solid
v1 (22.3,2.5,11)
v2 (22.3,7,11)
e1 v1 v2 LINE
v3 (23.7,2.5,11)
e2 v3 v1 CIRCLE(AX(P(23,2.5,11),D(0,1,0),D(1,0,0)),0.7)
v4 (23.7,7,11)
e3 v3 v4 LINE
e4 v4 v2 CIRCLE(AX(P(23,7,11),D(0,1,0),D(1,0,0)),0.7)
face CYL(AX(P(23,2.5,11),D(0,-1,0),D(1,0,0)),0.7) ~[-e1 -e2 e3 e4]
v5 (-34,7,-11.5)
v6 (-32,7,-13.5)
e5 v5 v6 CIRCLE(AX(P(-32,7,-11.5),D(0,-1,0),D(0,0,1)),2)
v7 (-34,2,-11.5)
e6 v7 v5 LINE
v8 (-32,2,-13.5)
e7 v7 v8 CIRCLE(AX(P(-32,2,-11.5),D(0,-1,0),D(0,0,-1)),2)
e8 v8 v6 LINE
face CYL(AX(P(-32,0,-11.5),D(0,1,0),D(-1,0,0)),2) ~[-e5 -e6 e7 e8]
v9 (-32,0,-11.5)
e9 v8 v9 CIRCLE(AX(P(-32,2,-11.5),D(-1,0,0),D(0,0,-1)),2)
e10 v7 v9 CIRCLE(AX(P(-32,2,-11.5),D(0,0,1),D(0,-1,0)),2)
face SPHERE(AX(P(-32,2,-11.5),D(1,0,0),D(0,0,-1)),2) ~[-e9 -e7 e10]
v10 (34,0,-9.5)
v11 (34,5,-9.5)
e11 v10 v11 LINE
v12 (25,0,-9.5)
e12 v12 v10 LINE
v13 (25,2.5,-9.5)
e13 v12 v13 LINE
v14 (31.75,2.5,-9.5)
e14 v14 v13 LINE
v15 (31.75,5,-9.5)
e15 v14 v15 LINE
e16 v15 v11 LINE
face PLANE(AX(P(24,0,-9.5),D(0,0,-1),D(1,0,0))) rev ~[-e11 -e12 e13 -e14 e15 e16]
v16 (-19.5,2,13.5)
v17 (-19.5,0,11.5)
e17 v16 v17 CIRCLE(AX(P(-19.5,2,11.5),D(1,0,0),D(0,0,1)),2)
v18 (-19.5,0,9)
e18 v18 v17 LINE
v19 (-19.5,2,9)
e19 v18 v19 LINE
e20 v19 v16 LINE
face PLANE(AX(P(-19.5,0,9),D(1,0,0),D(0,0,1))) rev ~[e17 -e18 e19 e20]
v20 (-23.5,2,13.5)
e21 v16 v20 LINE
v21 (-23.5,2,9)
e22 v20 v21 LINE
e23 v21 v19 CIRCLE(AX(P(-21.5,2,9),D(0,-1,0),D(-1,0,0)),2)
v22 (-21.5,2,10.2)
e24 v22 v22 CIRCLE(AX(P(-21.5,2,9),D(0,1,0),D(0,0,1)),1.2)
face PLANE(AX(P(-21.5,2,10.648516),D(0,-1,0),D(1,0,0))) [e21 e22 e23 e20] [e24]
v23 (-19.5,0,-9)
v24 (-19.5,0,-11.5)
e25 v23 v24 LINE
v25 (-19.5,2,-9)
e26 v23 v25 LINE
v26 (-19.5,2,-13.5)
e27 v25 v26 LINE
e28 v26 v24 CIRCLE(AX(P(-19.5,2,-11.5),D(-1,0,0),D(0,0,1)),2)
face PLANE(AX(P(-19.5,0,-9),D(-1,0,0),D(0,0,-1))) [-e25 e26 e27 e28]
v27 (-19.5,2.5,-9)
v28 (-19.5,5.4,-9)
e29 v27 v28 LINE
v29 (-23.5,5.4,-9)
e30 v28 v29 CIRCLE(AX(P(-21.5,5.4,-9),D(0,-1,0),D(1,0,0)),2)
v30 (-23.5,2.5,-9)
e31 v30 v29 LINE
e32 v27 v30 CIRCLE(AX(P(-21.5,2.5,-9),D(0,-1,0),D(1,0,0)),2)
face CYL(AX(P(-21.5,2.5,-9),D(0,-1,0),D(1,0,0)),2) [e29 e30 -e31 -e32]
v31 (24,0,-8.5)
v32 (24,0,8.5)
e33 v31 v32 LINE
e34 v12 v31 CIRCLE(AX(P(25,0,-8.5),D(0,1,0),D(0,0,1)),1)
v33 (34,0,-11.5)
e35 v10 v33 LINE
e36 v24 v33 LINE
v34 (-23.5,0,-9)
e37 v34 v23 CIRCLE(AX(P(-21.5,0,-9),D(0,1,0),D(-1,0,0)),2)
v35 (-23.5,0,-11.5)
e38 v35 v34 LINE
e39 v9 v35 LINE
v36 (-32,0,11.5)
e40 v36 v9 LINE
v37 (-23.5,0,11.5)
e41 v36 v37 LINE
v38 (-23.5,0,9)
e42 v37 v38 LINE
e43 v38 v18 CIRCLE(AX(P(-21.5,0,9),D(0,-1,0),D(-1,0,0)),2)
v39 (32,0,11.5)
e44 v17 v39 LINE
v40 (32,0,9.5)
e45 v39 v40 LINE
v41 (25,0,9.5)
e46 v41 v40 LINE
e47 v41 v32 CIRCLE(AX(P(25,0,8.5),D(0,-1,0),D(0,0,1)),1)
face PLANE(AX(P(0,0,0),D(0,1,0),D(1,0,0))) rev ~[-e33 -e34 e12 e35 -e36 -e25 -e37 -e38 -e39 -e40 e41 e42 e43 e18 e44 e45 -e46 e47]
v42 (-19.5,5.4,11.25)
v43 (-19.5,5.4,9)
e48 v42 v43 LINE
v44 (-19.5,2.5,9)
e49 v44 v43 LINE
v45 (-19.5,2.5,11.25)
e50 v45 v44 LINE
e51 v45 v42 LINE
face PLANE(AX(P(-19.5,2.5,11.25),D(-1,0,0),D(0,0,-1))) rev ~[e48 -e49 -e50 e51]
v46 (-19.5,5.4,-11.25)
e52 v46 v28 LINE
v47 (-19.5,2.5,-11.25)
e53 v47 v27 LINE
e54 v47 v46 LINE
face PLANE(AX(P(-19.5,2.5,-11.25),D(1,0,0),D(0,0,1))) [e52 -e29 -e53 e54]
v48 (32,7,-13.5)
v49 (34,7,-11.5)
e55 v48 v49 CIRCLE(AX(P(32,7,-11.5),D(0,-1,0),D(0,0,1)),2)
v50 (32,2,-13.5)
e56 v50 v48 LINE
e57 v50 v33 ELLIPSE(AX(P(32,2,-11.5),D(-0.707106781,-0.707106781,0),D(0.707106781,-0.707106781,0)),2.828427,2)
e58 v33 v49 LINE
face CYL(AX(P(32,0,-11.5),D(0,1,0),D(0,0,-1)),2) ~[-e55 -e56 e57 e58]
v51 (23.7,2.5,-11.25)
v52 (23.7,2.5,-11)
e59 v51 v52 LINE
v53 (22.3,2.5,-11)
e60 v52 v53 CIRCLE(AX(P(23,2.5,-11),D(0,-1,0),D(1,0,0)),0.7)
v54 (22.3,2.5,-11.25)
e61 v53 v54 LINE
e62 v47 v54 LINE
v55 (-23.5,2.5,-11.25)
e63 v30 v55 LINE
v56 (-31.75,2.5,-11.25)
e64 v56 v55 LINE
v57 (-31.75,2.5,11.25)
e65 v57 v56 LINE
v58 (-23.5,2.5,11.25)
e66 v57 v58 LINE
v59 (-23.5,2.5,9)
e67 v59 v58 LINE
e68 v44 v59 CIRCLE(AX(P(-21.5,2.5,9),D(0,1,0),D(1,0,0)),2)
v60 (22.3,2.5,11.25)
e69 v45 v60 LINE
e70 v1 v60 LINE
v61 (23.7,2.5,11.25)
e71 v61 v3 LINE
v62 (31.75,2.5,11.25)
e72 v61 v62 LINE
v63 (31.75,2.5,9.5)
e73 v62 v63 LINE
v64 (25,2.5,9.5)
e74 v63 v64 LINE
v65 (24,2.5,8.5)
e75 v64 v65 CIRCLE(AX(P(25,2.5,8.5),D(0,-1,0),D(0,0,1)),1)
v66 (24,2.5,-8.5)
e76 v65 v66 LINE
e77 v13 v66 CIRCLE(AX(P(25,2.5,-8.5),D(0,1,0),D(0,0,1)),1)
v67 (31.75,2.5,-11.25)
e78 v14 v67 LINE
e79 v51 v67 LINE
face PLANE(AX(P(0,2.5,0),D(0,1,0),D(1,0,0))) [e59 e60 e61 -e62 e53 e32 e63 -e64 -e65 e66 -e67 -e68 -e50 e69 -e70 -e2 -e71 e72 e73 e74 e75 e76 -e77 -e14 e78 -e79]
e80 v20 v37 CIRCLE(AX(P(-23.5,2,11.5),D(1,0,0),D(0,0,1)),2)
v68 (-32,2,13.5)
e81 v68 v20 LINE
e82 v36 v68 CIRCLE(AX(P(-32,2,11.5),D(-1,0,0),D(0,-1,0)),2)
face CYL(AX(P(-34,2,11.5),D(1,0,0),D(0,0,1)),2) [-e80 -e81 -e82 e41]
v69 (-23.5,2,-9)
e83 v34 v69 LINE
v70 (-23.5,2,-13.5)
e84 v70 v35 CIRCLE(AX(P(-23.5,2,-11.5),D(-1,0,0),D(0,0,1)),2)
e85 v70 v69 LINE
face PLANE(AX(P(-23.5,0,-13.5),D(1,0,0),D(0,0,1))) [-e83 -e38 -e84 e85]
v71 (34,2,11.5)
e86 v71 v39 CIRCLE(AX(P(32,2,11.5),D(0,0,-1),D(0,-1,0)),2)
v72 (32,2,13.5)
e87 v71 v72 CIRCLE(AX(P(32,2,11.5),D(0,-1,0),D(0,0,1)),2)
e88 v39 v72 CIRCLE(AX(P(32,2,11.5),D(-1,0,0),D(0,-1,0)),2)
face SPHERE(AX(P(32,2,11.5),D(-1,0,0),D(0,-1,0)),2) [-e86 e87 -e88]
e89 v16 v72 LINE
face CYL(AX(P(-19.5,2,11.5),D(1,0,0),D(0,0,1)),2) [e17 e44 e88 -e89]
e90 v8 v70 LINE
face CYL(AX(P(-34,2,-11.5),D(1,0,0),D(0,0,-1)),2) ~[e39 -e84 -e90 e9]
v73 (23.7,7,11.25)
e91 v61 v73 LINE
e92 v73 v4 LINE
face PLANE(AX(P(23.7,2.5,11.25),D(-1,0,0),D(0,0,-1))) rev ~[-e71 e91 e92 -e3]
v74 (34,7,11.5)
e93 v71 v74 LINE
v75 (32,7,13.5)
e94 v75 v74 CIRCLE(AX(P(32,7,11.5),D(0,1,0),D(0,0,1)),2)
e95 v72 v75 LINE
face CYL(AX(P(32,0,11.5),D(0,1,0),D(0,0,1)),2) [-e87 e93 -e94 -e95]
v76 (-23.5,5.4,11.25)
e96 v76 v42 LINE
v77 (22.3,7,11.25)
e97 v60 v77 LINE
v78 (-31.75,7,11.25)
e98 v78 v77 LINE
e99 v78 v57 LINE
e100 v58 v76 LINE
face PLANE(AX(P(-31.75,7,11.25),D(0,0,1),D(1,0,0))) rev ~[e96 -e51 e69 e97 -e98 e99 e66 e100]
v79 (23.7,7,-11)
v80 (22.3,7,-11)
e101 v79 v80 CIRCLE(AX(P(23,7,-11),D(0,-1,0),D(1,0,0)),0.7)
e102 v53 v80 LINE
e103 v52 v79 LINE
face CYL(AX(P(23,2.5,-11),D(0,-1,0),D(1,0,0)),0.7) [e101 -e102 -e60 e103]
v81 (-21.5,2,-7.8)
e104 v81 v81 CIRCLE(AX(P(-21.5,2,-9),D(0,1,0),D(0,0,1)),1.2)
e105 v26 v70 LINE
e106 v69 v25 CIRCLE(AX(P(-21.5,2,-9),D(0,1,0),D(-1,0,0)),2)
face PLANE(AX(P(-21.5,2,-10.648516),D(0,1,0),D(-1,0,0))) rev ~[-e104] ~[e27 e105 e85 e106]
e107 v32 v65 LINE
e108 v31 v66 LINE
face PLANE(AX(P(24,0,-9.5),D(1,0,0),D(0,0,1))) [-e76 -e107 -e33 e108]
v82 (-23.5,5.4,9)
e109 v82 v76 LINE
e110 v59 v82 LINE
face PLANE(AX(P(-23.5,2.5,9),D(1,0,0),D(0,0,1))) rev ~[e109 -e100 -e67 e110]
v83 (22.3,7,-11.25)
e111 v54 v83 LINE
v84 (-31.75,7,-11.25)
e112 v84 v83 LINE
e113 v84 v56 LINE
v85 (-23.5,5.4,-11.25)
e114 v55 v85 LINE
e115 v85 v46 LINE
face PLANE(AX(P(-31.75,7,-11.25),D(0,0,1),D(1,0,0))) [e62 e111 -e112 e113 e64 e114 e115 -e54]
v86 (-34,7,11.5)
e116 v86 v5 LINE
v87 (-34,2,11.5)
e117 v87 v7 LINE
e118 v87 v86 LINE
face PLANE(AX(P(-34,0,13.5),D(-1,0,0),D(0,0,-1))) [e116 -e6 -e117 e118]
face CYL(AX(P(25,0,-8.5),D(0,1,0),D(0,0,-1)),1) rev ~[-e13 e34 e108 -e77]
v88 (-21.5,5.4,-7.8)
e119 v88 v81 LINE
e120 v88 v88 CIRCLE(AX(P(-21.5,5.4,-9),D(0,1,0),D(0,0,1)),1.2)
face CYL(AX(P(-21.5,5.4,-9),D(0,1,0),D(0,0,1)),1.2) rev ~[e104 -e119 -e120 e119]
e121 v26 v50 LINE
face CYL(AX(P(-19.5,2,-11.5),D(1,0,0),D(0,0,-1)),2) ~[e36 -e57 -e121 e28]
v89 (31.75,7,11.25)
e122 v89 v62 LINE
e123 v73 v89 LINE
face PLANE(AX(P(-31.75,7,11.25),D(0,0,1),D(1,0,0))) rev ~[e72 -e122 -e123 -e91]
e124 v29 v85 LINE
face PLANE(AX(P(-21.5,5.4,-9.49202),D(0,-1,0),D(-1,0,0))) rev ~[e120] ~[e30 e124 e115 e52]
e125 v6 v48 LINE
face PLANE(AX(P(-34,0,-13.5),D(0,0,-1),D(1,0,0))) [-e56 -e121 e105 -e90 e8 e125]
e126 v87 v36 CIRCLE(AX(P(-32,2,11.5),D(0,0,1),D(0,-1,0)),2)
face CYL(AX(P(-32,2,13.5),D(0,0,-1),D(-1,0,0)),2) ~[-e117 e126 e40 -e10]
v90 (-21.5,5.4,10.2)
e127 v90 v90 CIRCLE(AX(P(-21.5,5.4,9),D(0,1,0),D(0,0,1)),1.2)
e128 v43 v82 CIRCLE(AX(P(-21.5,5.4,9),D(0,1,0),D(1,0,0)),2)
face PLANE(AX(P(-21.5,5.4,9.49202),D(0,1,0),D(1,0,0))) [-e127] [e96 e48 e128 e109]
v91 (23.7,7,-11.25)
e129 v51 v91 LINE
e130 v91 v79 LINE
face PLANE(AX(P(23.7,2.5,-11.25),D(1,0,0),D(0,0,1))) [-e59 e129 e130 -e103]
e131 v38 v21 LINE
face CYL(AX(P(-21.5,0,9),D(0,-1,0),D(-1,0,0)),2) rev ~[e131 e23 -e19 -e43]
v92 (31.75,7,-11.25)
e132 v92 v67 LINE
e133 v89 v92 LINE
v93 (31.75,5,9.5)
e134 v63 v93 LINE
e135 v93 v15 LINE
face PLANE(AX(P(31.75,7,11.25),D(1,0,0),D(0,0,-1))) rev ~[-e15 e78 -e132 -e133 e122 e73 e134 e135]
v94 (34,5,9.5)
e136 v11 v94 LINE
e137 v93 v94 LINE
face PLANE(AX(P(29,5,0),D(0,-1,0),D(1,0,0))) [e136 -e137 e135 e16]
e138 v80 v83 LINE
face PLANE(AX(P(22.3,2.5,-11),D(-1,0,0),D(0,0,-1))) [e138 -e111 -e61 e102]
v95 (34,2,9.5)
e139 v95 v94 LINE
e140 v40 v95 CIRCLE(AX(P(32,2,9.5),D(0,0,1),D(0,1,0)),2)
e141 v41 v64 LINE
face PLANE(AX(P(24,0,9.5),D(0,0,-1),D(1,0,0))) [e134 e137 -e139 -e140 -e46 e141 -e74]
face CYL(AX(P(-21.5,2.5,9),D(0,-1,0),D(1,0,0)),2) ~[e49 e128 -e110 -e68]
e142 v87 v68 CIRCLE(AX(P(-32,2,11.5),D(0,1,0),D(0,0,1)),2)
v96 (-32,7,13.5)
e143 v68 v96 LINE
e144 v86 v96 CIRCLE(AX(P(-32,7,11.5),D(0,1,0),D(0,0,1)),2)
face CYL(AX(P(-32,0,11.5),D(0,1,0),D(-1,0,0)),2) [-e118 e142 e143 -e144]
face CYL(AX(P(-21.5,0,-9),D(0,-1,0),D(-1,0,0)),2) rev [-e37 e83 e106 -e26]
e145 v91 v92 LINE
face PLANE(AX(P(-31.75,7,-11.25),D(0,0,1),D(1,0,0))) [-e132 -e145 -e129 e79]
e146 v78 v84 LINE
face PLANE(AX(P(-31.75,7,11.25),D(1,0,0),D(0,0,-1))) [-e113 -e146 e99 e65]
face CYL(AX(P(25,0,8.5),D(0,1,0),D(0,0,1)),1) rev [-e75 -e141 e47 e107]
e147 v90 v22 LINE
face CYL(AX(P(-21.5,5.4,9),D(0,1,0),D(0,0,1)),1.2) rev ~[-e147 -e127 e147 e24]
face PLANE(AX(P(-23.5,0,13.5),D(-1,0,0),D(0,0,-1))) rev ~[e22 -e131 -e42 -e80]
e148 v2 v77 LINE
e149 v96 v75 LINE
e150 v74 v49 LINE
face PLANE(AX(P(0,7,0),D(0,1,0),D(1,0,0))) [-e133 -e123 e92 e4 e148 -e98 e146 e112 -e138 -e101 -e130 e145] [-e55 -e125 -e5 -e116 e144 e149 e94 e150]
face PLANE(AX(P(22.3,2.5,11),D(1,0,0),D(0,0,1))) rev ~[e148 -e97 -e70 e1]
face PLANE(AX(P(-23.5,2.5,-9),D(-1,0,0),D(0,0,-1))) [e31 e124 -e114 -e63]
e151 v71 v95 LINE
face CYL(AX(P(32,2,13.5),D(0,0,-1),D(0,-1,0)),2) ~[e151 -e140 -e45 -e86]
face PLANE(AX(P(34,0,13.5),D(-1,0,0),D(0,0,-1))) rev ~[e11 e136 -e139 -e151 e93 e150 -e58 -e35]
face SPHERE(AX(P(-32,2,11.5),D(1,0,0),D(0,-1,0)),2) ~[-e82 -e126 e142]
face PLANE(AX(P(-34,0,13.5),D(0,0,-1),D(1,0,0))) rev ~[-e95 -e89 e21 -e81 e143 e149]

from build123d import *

# Parameters (mm, degrees)
SKETCH_1_W          = 68
SKETCH_1_H          = 27
EXTRUDE_1_DEPTH     = 7
SKETCH_2_W          = 63.5
SKETCH_2_H          = 22.5
CUT_EXTRUDE_1_DEPTH = 4.5
EXTRUDE_2_DEPTH     = 2.9
EXTRUDE_3_DEPTH     = 4.5
SKETCH_5_R          = 1.2
CUT_EXTRUDE_2_DEPTH = 37.978507271
CUT_EXTRUDE_3_DEPTH = 2
SKETCH_7_W          = 10
SKETCH_7_H          = 19
CUT_EXTRUDE_4_DEPTH = 5
FILLET_1_R          = 2
FILLET_2_R          = 1


with BuildPart() as part:
    # Эскиз1 → Бобышка-Вытянуть1 (new body)
    with BuildSketch(Plane(origin=(0, 0, 0), x_dir=(1, 0, 0), z_dir=(0, 1, 0))):
        Rectangle(SKETCH_1_W, SKETCH_1_H)
    extrude(amount=EXTRUDE_1_DEPTH)

    # Эскиз2 → Вырез-Вытянуть1 (cut)
    with BuildSketch(Plane(origin=(0, 7, 0), x_dir=(1, 0, 0), z_dir=(0, 1, 0))):
        Rectangle(SKETCH_2_W, SKETCH_2_H)
    extrude(amount=-CUT_EXTRUDE_1_DEPTH, mode=Mode.SUBTRACT)

    # Эскиз3 → Бобышка-Вытянуть2 (add)
    with BuildSketch(Plane(origin=(0, 2.5, 0), x_dir=(1, 0, 0), z_dir=(0, 1, 0))):
        with BuildLine():
            Line((-23.5, 9), (-23.5, 11.25))
            Line((-23.5, 11.25), (-19.5, 11.25))
            Line((-19.5, 11.25), (-19.5, 9))
            ThreePointArc((-19.5, 9), (-21.5, 7), (-23.5, 9))
        make_face()
        with BuildLine():
            Line((-19.5, -11.25), (-19.5, -9))
            ThreePointArc((-19.5, -9), (-21.5, -7), (-23.5, -9))
            Line((-23.5, -9), (-23.5, -11.25))
            Line((-23.5, -11.25), (-19.5, -11.25))
        make_face()
    extrude(amount=EXTRUDE_2_DEPTH)

    # Эскиз4 → Бобышка-Вытянуть3 (add)
    with BuildSketch(Plane(origin=(0, 2.5, 0), x_dir=(1, 0, 0), z_dir=(0, 1, 0))):
        with BuildLine():
            Line((22.3, 11), (22.3, 11.25))
            Line((22.3, 11.25), (23.7, 11.25))
            Line((23.7, 11.25), (23.7, 11))
            ThreePointArc((23.7, 11), (23, 10.3), (22.3, 11))
        make_face()
        with BuildLine():
            Line((23.7, -11.25), (23.7, -11))
            ThreePointArc((23.7, -11), (23, -10.3), (22.3, -11))
            Line((22.3, -11), (22.3, -11.25))
            Line((22.3, -11.25), (23.7, -11.25))
        make_face()
    extrude(amount=EXTRUDE_3_DEPTH)

    # Эскиз5 → Вырез-Вытянуть2 (cut, through all)
    with BuildSketch(Plane(origin=(0, 5.4, 0), x_dir=(1, 0, 0), z_dir=(0, 1, 0))):
        with Locations(Location((-21.5, 9, 0), (0, 0, 270))):
            Circle(SKETCH_5_R)
        with Locations(Location((-21.5, -9, 0), (0, 0, 270))):
            Circle(SKETCH_5_R)
    extrude(amount=-CUT_EXTRUDE_2_DEPTH, mode=Mode.SUBTRACT)

    # Эскиз6 → Вырез-Вытянуть3 (cut)
    with BuildSketch(Plane.XZ):
        with BuildLine():
            Line((-19.5, -9), (-19.5, -13.5))
            Line((-19.5, -13.5), (-23.5, -13.5))
            Line((-23.5, -13.5), (-23.5, -9))
            ThreePointArc((-23.5, -9), (-21.5, -7), (-19.5, -9))
        make_face()
        with BuildLine():
            Line((-23.5, 13.5), (-23.5, 9))
            ThreePointArc((-23.5, 9), (-21.5, 7), (-19.5, 9))
            Line((-19.5, 9), (-19.5, 13.5))
            Line((-19.5, 13.5), (-23.5, 13.5))
        make_face()
    extrude(amount=-CUT_EXTRUDE_3_DEPTH, mode=Mode.SUBTRACT)

    # Эскиз7 → Вырез-Вытянуть4 (cut)
    with BuildSketch(Plane.XZ):
        with Locations((29, 0)):
            Rectangle(SKETCH_7_W, SKETCH_7_H)
    extrude(amount=-CUT_EXTRUDE_4_DEPTH, mode=Mode.SUBTRACT)

    # Скругление1
    fillet_1_edges = [part.edges().sort_by_distance(p)[0] for p in [
        (-28.75, 0, -13.5),
        (7.25, 0, -13.5),
        (34, 3.5, -13.5),
        (-34, 3.5, -13.5),
        (-28.75, 0, 13.5),
        (7.25, 0, 13.5),
        (34, 0, 11.5),
        (-34, 0, 0),
        (34, 3.5, 13.5),
        (-34, 3.5, 13.5),
    ]]
    fillet(fillet_1_edges, radius=FILLET_1_R)

    # Скругление2
    fillet_2_edges = [part.edges().sort_by_distance(p)[0] for p in [
        (24, 1.25, -9.5),
        (24, 1.25, 9.5),
    ]]
    fillet(fillet_2_edges, radius=FILLET_2_R)


solid = part.part
